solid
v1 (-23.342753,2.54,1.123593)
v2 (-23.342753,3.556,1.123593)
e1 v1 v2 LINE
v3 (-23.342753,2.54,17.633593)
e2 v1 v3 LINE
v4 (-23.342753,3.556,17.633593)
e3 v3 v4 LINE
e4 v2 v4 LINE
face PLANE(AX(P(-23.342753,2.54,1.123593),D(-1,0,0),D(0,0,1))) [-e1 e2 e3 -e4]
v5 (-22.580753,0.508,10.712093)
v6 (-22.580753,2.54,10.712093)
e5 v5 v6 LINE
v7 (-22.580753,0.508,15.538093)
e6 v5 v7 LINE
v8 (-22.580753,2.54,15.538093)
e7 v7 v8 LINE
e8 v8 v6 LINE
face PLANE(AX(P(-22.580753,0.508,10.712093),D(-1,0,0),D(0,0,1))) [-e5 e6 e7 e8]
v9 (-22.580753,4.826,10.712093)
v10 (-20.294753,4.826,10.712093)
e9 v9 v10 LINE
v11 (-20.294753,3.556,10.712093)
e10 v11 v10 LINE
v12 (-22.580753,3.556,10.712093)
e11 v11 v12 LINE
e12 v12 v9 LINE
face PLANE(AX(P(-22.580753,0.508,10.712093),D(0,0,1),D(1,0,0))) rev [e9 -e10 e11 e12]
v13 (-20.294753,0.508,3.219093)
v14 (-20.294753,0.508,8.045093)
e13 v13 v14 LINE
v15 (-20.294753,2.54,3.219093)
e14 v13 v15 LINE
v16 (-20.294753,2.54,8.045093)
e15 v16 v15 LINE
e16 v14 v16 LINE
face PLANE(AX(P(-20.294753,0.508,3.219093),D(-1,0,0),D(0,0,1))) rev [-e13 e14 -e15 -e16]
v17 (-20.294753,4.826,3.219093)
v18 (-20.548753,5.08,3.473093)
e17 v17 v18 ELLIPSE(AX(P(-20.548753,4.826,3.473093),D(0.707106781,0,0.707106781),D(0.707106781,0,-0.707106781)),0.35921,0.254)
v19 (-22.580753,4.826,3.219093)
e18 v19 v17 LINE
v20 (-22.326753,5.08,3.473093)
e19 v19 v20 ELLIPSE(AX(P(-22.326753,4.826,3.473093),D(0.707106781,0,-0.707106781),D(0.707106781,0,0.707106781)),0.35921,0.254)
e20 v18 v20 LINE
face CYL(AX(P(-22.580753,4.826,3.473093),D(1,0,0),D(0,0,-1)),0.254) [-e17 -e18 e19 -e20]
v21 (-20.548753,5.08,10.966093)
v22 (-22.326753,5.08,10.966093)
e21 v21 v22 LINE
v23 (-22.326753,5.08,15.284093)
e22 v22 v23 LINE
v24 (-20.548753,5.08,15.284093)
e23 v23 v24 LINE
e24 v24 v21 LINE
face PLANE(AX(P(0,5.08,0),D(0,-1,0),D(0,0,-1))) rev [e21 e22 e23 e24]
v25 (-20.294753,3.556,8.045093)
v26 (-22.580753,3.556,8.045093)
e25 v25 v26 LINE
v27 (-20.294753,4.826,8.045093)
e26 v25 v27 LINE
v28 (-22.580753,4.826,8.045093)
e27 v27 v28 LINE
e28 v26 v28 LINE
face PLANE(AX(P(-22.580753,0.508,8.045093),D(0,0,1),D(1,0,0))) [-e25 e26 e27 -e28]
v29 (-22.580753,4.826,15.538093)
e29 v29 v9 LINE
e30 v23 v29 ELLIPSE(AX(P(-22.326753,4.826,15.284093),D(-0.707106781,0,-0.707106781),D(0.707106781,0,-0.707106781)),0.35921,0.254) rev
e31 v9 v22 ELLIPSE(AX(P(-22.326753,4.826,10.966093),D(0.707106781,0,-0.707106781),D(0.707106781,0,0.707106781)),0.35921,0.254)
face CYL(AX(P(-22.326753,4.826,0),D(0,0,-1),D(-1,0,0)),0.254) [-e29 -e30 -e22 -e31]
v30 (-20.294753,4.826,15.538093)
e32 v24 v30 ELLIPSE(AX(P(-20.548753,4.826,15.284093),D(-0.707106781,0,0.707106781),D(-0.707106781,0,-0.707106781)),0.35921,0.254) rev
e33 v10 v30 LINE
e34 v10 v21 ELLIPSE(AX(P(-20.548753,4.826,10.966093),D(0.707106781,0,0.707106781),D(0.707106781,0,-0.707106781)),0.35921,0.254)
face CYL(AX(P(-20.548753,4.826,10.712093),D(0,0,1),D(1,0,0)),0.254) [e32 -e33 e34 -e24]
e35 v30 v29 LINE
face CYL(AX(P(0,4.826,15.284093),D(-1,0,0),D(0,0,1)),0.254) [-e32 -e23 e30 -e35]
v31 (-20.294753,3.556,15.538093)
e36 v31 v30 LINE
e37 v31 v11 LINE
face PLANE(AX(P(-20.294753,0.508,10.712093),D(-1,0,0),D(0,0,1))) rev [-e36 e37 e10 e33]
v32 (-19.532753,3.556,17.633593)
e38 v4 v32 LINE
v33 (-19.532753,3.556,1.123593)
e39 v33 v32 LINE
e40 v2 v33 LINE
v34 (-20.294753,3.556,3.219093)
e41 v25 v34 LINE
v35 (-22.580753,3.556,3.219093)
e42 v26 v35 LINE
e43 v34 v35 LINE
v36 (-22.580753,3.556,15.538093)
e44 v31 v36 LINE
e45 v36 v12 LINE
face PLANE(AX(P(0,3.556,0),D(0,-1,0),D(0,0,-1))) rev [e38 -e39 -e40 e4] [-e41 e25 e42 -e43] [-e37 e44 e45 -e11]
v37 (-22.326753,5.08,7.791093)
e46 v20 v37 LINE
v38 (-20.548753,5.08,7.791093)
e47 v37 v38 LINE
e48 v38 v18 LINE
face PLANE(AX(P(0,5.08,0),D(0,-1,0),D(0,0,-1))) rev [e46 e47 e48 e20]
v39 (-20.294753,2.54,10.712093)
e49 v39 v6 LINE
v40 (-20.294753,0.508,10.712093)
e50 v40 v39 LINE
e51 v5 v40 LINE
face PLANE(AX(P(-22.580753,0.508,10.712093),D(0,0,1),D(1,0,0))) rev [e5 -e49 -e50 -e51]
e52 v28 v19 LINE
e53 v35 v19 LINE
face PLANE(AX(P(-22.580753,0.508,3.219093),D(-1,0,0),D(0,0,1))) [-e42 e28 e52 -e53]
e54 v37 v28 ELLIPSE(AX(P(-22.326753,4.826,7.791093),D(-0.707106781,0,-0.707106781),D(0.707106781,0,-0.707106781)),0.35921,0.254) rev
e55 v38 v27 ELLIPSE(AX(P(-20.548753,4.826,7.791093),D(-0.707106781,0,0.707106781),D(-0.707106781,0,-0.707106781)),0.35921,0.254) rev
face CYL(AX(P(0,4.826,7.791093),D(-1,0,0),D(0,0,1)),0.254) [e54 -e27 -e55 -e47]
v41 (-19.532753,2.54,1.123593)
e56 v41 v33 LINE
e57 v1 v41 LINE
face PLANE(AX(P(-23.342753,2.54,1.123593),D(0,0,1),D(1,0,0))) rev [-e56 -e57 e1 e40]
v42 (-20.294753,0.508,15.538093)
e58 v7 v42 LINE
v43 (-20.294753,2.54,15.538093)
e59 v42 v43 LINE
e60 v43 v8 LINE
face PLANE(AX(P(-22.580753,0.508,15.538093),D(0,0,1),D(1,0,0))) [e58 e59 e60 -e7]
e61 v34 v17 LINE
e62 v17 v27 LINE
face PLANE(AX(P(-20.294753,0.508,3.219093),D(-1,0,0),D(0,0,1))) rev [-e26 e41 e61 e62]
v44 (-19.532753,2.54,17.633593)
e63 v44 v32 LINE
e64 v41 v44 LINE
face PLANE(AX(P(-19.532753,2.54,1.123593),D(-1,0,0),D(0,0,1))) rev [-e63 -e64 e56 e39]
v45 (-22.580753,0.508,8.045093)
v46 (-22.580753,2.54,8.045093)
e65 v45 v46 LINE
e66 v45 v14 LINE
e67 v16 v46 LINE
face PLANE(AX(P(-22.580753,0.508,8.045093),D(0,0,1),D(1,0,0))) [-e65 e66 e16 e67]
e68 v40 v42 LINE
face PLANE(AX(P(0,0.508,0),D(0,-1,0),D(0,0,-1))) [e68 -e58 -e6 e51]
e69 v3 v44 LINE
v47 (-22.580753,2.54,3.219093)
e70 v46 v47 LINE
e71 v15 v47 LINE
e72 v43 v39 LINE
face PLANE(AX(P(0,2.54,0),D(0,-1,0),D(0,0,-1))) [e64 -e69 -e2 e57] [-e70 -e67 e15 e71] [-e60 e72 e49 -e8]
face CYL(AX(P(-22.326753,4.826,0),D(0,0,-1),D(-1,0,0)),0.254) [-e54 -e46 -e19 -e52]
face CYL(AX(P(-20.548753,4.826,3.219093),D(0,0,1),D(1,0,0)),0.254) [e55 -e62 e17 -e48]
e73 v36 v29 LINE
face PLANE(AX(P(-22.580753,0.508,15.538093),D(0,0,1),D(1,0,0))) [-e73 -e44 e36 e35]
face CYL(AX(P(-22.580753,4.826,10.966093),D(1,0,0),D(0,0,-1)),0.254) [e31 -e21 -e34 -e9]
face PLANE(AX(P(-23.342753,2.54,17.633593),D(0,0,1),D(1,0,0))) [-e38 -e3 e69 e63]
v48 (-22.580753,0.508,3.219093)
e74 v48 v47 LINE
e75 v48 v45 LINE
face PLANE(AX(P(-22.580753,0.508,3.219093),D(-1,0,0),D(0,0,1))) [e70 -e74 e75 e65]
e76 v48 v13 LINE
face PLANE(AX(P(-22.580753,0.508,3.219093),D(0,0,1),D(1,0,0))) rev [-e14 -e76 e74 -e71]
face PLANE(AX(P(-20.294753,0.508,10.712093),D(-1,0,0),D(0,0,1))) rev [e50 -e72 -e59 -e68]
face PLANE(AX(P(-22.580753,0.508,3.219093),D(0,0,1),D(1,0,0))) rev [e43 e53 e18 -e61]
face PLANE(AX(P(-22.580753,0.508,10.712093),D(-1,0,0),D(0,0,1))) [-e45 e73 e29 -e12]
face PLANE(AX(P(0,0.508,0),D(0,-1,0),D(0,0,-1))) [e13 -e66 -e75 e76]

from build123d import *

# Parameters (mm, degrees)
BOSS_EXTRUDE1_DEPTH      = 0.508
BOSS_EXTRUDE1_DEPTH_BACK = 0.508
SKETCH1_W                = 3.81
SKETCH1_H                = 16.51
BOSS_EXTRUDE2_DEPTH      = 2.032
BOSS_EXTRUDE2_DEPTH_BACK = 2.54
SKETCH1_3_W              = 2.286
SKETCH1_3_H              = 4.826
FILLET1_R                = 0.254


with BuildPart() as part:
    # Sketch1 → Boss-Extrude1 (new, two sides: drawn at the far end of the back side and taken through both)
    with BuildSketch(Plane(origin=(0, 3.048, 0), x_dir=(1, 0, 0), z_dir=(0, 1, 0)).offset(-BOSS_EXTRUDE1_DEPTH_BACK)):
        with Locations((-21.437752693, -9.378592753)):
            Rectangle(SKETCH1_W, SKETCH1_H)
    extrude(amount=BOSS_EXTRUDE1_DEPTH + BOSS_EXTRUDE1_DEPTH_BACK)

    # Sketch1<3> → Boss-Extrude2 (add, two sides: drawn at the far end of the back side and taken through both)
    with BuildSketch(Plane(origin=(0, 3.048, 0), x_dir=(1, 0, 0), z_dir=(0, 1, 0)).offset(-BOSS_EXTRUDE2_DEPTH_BACK)):
        with Locations((-21.437752693, -5.632092753)):
            Rectangle(SKETCH1_3_W, SKETCH1_3_H)
        with Locations((-21.437752693, -13.125092753)):
            Rectangle(SKETCH1_3_W, SKETCH1_3_H)
    extrude(amount=BOSS_EXTRUDE2_DEPTH + BOSS_EXTRUDE2_DEPTH_BACK)

    # Fillet1
    fillet1_edges = [part.edges().sort_by_distance(p)[0] for p in [
        (-21.437752693, 5.08, 10.712092753),
        (-20.294752693, 5.08, 13.125092753),
        (-22.580752693, 5.08, 13.125092753),
        (-21.437752693, 5.08, 15.538092753),
        (-21.437752693, 5.08, 3.219092753),
        (-20.294752693, 5.08, 5.632092753),
        (-22.580752693, 5.08, 5.632092753),
        (-21.437752693, 5.08, 8.045092753),
    ]]
    fillet(fillet1_edges, radius=FILLET1_R)


solid = part.part
